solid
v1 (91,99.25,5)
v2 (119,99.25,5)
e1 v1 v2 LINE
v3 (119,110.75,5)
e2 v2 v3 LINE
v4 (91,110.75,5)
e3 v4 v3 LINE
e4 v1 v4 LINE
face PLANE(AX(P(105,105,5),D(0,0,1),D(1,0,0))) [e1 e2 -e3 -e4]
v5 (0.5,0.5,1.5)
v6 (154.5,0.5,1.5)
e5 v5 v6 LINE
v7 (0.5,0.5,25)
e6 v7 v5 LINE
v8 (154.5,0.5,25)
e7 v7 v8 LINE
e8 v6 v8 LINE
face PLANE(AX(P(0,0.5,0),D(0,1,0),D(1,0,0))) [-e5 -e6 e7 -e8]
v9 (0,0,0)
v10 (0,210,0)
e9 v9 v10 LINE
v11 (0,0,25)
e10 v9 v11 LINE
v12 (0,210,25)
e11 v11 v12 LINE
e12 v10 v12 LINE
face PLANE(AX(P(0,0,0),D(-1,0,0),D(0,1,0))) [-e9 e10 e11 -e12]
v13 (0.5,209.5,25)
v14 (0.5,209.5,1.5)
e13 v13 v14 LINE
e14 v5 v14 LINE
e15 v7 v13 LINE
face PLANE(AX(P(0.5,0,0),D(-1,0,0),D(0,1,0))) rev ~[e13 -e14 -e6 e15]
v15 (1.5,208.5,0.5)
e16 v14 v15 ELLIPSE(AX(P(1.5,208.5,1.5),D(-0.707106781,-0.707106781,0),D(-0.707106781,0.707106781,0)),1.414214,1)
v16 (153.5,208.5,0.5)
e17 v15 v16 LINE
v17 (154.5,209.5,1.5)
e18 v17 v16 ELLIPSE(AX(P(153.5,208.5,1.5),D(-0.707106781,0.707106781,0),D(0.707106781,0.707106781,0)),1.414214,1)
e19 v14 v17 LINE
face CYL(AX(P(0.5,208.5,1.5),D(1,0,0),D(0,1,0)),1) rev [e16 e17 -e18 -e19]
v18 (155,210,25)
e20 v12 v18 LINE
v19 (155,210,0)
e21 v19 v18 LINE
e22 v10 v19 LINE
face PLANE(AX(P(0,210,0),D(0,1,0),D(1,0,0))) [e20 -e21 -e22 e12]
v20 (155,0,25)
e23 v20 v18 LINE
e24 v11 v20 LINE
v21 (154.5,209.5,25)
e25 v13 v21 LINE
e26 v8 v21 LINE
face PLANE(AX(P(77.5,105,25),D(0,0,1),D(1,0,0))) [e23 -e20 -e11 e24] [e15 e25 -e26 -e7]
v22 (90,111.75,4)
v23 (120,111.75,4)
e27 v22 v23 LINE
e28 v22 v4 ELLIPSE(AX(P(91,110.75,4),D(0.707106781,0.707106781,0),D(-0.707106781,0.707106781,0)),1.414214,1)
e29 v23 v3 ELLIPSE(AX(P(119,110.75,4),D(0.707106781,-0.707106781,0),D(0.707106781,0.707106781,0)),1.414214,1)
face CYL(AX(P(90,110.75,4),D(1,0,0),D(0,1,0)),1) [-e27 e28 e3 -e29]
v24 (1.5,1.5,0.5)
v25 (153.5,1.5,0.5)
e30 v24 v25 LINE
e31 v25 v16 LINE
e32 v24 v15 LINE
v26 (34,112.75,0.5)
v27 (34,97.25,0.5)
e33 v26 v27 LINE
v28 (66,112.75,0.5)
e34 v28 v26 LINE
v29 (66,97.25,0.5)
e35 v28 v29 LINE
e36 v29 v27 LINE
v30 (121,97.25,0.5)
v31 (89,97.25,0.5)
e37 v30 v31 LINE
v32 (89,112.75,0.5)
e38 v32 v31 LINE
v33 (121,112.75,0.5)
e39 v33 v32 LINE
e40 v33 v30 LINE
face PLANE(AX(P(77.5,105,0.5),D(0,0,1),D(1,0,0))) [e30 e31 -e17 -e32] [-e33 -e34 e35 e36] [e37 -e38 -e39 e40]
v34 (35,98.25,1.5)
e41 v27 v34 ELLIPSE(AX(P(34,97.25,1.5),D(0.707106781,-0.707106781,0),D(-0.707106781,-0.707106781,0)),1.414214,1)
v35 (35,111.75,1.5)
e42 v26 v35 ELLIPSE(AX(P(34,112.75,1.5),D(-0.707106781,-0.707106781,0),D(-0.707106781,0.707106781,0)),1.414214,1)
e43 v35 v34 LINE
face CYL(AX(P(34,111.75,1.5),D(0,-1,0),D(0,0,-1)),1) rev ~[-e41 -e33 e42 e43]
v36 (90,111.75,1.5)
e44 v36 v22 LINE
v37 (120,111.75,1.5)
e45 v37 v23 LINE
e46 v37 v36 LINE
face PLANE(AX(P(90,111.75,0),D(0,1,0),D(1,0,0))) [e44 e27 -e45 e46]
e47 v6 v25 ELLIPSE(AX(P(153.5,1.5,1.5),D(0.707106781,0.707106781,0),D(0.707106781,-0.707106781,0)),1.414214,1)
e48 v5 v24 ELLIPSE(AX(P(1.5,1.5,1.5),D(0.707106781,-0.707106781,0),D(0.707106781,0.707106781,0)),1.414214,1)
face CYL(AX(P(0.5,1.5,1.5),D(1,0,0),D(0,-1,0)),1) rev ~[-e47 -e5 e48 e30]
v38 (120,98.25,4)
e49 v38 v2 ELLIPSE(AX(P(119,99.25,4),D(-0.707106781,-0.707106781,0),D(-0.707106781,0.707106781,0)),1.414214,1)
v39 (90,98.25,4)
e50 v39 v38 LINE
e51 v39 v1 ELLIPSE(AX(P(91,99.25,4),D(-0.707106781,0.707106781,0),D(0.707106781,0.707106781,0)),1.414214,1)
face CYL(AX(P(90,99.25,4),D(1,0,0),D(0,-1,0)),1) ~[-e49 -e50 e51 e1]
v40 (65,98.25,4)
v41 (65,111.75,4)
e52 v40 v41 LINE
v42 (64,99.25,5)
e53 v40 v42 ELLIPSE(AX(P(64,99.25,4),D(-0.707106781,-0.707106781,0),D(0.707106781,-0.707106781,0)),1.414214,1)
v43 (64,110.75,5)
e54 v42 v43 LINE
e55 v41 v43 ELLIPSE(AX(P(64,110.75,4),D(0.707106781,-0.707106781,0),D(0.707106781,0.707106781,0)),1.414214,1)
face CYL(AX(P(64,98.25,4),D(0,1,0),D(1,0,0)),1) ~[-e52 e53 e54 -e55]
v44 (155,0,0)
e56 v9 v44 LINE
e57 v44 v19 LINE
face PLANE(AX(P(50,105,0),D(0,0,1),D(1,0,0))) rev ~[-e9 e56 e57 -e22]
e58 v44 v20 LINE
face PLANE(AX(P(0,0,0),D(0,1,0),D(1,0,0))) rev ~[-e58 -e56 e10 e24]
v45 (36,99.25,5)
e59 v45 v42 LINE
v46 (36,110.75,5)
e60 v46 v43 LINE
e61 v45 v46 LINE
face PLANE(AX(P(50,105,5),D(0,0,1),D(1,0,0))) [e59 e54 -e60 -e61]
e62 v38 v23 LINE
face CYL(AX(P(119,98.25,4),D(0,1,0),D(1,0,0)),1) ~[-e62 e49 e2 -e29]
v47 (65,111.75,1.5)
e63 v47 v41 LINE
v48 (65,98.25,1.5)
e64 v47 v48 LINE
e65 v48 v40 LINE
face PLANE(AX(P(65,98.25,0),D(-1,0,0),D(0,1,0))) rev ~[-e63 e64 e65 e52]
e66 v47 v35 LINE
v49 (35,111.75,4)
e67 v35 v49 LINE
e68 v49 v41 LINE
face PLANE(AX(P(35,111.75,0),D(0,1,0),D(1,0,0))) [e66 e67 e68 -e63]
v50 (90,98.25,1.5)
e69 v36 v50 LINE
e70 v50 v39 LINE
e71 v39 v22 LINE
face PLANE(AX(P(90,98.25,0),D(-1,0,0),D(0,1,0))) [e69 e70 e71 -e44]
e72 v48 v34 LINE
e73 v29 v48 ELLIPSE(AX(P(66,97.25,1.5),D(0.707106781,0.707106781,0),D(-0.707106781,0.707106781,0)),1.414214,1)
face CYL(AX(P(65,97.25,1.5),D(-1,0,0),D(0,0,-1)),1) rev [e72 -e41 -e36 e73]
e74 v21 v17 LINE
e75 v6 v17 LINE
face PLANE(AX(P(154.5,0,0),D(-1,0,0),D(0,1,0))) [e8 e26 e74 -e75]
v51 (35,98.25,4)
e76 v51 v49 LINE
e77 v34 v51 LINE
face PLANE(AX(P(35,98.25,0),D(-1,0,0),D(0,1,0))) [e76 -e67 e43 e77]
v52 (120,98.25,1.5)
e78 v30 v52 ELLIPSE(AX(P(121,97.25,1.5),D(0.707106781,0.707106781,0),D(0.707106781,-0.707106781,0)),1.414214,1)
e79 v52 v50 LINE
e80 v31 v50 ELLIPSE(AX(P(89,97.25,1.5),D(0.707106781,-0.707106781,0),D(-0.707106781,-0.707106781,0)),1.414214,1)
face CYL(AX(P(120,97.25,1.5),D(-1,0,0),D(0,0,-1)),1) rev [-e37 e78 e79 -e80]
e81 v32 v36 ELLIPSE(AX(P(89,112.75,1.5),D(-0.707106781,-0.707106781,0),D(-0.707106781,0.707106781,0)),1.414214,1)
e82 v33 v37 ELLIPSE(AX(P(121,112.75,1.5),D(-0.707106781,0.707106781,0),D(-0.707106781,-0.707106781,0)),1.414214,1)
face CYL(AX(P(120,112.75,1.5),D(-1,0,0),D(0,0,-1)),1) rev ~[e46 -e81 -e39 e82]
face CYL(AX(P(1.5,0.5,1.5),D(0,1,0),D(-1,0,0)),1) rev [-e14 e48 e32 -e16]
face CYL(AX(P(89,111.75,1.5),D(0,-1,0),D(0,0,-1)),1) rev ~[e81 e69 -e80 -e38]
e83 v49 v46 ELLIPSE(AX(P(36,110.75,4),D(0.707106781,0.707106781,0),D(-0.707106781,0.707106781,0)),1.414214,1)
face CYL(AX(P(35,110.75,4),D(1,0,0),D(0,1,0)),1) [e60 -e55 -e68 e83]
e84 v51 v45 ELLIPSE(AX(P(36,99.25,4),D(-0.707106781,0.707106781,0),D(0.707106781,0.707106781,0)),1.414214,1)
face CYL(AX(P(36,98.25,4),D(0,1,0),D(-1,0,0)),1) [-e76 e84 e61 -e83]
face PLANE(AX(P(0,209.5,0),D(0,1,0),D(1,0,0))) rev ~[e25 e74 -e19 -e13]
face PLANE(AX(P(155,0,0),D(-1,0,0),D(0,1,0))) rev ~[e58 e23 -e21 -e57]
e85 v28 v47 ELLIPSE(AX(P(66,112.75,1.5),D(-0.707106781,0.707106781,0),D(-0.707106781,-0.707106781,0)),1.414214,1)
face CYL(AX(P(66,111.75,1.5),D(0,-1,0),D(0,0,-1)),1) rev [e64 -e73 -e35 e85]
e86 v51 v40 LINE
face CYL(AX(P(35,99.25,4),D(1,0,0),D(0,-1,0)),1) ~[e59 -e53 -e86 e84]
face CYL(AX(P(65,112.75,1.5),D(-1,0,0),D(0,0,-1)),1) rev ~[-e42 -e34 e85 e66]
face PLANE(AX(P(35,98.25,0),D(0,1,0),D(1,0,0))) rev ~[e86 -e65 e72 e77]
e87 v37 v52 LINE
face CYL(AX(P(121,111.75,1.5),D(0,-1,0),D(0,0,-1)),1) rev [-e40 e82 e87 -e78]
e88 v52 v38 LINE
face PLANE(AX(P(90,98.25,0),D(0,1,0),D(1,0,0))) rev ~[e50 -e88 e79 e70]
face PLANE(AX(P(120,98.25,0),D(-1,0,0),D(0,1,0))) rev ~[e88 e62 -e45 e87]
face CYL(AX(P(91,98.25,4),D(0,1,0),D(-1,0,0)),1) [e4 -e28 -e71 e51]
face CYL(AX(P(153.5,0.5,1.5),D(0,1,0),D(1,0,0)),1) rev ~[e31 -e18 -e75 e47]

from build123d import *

# Parameters (mm, degrees)
SKETCH001_W  = 155
SKETCH001_H  = 210
PAD_DEPTH    = 25
THICKNESS_T  = -0.5
SKETCH_W     = 30
SKETCH_H     = 13.5
PAD001_DEPTH = 5
FILLET_R     = 1
FILLET001_R  = 1


with BuildPart() as part:
    # Sketch001 → Pad (new body)
    with BuildSketch(Plane.XY):
        with Locations((77.5, 105)):
            Rectangle(SKETCH001_W, SKETCH001_H)
    extrude(amount=PAD_DEPTH)

    # Thickness
    thickness_openings = [part.faces().sort_by_distance(p)[0] for p in [
        (77.5, 105, 25),
    ]]
    offset(amount=THICKNESS_T, openings=thickness_openings)

    # Sketch → Pad001 (join)
    with BuildSketch(Plane.XY):
        with Locations((50, 105)):
            Rectangle(SKETCH_W, SKETCH_H)
        with Locations((105, 105)):
            Rectangle(SKETCH_W, SKETCH_H)
    extrude(amount=PAD001_DEPTH)

    # Fillet
    fillet_edges = [part.edges().sort_by_distance(p)[0] for p in [
        (77.5, 0.5, 0.5),
        (0.5, 105, 0.5),
        (154.5, 105, 0.5),
        (77.5, 209.5, 0.5),
        (50, 98.25, 0.5),
        (65, 105, 0.5),
        (50, 111.75, 0.5),
        (35, 105, 0.5),
        (120, 105, 0.5),
        (105, 111.75, 0.5),
        (90, 105, 0.5),
        (105, 98.25, 0.5),
    ]]
    fillet(fillet_edges, radius=FILLET_R)

    # Fillet001
    fillet001_edges = [part.edges().sort_by_distance(p)[0] for p in [
        (35, 105, 5),
        (50, 98.25, 5),
        (65, 105, 5),
        (50, 111.75, 5),
        (120, 105, 5),
        (105, 98.25, 5),
        (90, 105, 5),
        (105, 111.75, 5),
    ]]
    fillet(fillet001_edges, radius=FILLET001_R)


solid = part.part
